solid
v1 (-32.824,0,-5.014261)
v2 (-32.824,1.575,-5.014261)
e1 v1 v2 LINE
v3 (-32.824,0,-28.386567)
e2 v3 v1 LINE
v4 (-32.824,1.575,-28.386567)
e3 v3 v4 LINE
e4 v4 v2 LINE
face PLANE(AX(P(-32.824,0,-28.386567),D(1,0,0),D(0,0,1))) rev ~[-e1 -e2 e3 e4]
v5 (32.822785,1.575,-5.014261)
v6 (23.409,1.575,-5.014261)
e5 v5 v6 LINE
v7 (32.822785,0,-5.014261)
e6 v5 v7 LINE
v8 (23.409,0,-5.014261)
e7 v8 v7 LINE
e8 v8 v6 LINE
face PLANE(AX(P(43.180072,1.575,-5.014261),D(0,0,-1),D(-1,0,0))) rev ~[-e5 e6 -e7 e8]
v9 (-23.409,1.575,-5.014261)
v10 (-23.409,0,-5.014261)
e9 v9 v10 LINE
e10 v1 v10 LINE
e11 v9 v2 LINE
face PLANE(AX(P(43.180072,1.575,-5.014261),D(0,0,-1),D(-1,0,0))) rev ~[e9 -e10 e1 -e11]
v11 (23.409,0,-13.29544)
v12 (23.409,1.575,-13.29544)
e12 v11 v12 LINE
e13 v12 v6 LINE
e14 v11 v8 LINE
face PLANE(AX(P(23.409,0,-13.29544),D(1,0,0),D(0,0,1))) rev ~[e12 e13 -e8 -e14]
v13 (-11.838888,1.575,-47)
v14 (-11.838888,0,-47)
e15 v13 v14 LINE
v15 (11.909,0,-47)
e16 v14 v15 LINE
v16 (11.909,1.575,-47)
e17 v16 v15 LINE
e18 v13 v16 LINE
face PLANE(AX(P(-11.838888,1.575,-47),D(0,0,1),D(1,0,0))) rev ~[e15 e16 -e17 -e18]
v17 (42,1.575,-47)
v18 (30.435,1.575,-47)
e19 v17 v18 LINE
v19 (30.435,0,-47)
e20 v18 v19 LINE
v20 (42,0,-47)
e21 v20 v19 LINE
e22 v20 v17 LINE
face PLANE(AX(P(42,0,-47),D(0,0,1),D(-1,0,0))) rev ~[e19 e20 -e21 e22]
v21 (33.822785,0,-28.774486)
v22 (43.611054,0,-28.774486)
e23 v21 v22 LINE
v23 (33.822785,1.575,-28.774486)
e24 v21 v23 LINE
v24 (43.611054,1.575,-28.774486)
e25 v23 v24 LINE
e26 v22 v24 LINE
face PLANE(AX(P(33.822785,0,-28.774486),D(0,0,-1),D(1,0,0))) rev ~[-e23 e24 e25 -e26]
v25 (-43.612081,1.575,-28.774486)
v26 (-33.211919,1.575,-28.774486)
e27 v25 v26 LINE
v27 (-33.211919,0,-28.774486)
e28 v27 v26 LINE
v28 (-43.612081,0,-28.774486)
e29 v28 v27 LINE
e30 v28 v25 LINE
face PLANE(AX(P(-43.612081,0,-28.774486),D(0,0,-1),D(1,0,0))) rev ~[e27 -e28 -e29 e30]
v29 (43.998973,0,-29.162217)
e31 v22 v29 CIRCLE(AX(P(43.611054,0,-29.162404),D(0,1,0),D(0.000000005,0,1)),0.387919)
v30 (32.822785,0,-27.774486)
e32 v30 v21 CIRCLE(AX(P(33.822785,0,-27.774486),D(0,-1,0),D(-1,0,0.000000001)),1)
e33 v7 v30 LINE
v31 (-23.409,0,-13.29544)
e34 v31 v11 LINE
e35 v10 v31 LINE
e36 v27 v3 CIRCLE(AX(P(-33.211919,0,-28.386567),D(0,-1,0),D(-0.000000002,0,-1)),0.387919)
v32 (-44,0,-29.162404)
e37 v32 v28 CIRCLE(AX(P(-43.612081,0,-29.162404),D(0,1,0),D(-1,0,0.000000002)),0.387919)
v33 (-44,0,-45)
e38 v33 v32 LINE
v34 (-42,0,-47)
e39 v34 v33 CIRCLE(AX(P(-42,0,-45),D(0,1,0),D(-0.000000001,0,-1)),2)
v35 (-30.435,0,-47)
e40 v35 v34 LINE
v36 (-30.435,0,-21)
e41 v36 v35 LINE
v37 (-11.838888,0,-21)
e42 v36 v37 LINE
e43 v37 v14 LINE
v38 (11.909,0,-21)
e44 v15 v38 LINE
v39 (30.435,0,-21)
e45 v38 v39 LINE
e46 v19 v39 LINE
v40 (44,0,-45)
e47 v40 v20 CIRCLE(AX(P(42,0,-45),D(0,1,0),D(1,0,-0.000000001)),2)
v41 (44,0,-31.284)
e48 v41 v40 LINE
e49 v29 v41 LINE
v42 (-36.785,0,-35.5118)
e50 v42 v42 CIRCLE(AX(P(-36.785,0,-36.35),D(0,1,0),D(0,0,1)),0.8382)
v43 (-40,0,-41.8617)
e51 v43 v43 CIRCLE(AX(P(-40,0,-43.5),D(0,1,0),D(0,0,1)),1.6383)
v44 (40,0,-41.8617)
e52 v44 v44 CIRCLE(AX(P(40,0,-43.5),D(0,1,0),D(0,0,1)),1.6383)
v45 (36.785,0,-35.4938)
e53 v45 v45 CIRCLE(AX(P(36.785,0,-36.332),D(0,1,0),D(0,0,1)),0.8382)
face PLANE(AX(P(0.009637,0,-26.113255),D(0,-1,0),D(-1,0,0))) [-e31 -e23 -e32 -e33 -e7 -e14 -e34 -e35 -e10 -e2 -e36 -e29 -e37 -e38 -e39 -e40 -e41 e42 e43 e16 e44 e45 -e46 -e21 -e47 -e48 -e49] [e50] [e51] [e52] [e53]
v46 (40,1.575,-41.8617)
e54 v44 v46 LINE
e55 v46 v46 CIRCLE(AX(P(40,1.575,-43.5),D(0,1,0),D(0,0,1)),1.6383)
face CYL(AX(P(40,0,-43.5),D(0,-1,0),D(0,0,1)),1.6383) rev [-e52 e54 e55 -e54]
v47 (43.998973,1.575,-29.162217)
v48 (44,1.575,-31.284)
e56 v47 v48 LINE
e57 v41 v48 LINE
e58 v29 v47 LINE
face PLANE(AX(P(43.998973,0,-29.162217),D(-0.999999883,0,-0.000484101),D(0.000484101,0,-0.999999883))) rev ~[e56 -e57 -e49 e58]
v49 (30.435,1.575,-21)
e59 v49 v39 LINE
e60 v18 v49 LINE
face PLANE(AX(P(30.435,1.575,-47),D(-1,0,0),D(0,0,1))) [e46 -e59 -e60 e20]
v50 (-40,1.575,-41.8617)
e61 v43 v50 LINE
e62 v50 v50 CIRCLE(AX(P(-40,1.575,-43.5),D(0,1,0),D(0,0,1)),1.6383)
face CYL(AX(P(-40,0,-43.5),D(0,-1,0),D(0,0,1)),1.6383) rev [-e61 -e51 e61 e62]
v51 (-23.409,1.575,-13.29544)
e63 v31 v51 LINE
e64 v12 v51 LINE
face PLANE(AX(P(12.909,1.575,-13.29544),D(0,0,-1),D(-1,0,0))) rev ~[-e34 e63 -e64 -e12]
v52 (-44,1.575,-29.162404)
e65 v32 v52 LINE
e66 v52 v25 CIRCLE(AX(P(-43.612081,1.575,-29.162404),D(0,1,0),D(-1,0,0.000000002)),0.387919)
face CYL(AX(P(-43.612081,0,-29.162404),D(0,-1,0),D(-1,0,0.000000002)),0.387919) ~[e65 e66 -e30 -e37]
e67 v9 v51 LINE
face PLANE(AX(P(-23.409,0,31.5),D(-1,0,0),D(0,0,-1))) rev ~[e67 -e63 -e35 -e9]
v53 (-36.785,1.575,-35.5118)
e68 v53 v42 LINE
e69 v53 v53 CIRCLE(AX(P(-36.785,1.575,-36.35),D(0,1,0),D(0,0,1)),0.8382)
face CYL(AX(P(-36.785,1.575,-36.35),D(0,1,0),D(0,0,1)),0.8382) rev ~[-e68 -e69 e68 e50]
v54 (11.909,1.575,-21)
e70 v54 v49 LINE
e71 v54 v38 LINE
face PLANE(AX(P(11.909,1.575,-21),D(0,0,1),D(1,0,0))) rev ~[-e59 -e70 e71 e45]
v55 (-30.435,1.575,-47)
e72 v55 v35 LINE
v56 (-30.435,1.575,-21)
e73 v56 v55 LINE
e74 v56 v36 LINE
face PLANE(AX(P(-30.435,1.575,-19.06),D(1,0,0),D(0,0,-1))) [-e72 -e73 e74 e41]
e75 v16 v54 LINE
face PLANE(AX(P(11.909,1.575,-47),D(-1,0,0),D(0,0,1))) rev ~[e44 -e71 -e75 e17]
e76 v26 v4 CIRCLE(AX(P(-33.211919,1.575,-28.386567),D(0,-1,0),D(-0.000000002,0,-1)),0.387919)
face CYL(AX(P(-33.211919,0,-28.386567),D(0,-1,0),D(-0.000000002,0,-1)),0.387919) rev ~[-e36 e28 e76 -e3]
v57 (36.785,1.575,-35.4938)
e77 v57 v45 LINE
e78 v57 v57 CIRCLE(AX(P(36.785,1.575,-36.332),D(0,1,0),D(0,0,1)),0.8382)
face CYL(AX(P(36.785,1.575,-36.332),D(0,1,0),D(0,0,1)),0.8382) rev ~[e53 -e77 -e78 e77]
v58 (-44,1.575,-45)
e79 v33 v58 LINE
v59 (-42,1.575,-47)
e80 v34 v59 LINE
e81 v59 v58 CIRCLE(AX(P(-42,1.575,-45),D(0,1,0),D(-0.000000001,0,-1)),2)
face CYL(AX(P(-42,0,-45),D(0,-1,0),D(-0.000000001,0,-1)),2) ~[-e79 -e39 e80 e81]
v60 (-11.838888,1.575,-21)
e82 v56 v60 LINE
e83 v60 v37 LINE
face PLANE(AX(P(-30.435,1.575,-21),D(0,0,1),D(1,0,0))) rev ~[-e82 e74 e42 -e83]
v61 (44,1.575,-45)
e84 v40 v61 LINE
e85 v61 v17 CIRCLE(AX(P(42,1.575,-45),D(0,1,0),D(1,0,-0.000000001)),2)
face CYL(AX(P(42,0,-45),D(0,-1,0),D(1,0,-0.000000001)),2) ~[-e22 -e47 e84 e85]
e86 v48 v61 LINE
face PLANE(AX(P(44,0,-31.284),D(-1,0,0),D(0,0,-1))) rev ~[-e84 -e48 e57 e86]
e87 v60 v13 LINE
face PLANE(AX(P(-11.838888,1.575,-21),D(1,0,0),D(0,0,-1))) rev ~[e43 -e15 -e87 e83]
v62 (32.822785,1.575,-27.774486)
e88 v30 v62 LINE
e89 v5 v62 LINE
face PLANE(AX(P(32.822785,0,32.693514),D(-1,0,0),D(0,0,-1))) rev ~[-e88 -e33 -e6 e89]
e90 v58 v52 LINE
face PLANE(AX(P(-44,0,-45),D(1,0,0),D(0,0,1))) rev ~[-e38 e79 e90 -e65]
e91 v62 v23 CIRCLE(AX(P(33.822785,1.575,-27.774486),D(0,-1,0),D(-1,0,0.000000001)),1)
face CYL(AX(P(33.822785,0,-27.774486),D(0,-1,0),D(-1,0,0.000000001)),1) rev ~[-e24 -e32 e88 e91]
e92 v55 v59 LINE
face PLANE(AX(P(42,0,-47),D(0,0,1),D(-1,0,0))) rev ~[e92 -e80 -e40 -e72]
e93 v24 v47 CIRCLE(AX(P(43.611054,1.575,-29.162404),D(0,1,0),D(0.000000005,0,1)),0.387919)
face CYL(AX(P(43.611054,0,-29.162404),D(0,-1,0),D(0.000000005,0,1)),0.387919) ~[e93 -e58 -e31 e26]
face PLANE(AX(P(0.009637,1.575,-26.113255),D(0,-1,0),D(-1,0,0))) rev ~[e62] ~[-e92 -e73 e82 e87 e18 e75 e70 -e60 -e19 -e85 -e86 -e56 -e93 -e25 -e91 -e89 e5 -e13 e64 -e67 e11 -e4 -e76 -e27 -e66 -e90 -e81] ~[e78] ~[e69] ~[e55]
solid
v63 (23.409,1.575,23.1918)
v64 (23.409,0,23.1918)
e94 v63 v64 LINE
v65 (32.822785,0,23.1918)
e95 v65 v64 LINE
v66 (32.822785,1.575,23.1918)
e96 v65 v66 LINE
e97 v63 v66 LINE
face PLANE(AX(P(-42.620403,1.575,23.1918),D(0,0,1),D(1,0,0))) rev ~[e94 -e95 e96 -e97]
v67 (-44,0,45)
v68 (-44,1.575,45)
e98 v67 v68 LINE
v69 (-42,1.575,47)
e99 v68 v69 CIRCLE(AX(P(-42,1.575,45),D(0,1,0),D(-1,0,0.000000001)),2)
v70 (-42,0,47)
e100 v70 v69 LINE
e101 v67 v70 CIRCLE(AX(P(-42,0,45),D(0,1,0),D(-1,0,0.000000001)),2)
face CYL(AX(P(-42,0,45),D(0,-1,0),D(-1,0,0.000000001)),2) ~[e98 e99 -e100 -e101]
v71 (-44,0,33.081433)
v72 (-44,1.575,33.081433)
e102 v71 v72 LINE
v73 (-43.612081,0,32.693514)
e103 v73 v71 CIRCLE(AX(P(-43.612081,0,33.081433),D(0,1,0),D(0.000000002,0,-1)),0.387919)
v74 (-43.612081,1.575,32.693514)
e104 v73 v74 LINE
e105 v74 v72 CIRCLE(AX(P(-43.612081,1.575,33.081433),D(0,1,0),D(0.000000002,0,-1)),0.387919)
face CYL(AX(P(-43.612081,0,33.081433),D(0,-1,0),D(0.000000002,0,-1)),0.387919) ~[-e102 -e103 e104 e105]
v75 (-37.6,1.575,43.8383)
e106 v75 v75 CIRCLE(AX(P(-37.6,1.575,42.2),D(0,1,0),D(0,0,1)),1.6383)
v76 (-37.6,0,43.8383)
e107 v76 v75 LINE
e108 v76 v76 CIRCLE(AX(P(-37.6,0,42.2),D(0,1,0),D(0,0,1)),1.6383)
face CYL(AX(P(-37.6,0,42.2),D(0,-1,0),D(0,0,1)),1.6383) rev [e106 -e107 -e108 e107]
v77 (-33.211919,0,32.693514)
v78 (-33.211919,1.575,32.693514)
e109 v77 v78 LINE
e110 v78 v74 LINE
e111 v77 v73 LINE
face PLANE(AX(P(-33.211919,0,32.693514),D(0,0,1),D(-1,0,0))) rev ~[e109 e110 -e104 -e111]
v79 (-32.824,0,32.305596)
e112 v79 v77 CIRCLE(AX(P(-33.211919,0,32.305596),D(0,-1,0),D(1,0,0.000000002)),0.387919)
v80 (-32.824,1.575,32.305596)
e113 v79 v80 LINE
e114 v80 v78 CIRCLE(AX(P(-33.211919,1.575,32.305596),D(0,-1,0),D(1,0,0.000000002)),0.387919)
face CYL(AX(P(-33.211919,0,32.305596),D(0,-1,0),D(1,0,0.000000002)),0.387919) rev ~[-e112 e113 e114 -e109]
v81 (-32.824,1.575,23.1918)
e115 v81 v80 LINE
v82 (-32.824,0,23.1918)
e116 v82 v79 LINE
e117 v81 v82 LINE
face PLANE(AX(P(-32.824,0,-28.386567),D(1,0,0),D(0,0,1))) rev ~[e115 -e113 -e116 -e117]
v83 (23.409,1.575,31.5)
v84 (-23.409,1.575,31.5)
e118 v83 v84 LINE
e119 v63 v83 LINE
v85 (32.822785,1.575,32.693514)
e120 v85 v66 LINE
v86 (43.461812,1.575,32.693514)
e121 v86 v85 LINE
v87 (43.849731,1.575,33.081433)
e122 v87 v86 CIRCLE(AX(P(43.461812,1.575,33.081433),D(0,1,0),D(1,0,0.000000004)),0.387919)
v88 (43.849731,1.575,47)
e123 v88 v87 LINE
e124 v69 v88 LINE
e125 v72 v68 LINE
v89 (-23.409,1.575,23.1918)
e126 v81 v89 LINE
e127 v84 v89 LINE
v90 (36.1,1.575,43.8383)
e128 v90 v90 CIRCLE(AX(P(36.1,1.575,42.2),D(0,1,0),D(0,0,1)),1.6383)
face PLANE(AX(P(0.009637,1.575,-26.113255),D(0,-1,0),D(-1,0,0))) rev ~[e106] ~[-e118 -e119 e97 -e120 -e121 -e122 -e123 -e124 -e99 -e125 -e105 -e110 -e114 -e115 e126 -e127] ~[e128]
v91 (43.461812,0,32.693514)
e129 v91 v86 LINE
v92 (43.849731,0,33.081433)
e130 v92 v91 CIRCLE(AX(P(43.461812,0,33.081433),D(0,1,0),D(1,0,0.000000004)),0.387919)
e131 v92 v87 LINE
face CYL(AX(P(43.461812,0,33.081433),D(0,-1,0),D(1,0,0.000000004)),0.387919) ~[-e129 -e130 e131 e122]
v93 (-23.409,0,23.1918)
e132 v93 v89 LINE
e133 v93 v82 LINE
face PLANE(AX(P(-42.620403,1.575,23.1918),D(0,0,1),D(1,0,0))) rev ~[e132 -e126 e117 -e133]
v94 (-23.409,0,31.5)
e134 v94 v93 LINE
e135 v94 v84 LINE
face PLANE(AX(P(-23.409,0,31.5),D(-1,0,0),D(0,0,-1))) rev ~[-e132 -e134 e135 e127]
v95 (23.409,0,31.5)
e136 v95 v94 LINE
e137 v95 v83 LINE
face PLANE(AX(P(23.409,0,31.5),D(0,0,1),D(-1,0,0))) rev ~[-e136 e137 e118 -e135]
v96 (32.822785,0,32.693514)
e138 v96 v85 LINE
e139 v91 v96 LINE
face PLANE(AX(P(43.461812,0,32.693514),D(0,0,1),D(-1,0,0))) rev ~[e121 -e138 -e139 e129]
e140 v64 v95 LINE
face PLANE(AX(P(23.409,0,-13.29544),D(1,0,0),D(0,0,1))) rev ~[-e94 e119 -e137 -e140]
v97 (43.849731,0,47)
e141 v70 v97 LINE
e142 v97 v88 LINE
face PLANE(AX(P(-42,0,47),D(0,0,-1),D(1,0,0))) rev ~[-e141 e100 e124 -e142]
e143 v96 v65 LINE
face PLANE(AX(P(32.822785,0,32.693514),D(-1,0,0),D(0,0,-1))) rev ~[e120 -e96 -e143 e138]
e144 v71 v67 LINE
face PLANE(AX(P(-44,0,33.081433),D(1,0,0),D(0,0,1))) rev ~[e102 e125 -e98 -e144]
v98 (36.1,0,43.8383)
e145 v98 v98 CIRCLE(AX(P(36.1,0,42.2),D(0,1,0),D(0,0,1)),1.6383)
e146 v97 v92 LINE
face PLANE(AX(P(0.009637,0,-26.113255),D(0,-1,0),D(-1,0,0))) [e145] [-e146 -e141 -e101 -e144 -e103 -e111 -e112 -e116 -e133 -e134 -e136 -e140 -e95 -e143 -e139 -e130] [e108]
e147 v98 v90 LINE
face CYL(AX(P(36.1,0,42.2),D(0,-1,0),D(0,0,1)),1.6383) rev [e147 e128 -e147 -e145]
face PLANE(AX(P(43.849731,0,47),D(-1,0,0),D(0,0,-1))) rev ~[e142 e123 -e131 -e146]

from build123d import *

# Parameters (mm, degrees)
SKETCH1_R           = 1.6383
BOSS_EXTRUDE1_DEPTH = 1.575
CUT_EXTRUDE1_DEPTH  = 2.54
SKETCH15_R          = 0.8382
CUT_EXTRUDE5_DEPTH  = 1.575
BOSS_EXTRUDE2_DEPTH = 1.575
CUT_EXTRUDE7_DEPTH  = 65.400936523


with BuildPart() as part:
    # Sketch1 → Boss-Extrude1 (new body)
    with BuildSketch(Plane(origin=(0, 0, 0), x_dir=(1, 0, 0), z_dir=(0, 1, 0))):
        with BuildLine():
            Line((-44, 45), (-44, 29.162404323))
            ThreePointArc((-44, 29.162404323), (-43.886381258, 28.888104416), (-43.612081351, 28.774485674))
            Line((-43.612081351, 28.774485674), (-33.211918649, 28.774485674))
            ThreePointArc((-33.211918649, 28.774485674), (-32.937618742, 28.660866933), (-32.824, 28.386567026))
            Line((-32.824, 28.386567026), (-32.824, -32.305595677))
            ThreePointArc((-32.824, -32.305595677), (-32.937618742, -32.579895584), (-33.211918649, -32.693514326))
            Line((-33.211918649, -32.693514326), (-36.100000052, -32.693514326))
            Line((-36.100000052, -32.693514326), (-43.612081299, -32.693514326))
            ThreePointArc((-43.612081299, -32.693514326), (-43.886381206, -32.807133067), (-43.999999948, -33.081432974))
            Line((-43.999999948, -33.081432974), (-43.999999948, -38.977))
            Line((-43.999999948, -38.977), (-43.999999948, -45))
            ThreePointArc((-43.999999948, -45), (-43.41421351, -46.414213562), (-41.999999948, -47))
            Line((-41.999999948, -47), (42.705916546, -47))
            Line((42.705916546, -47), (43.849731117, -47))
            Line((43.849731117, -47), (43.849731117, -38.27))
            Line((43.849731117, -38.27), (43.849731117, -33.081432974))
            ThreePointArc((43.849731117, -33.081432974), (43.736112376, -32.807133067), (43.461812469, -32.693514326))
            Line((43.461812469, -32.693514326), (36.098785193, -32.693514326))
            Line((36.098785193, -32.693514326), (33.824, -32.693514326))
            Line((33.824, -32.693514326), (32.822785141, -32.693514326))
            Line((32.822785141, -32.693514326), (32.822785141, -30.469351623))
            Line((32.822785141, -30.469351623), (32.822785141, 27.774485674))
            ThreePointArc((32.822785141, 27.774485674), (33.11567836, 28.481592456), (33.822785141, 28.774485674))
            Line((33.822785141, 28.774485674), (43.611054239, 28.774485674))
            ThreePointArc((43.611054239, 28.774485674), (43.885287743, 28.88803803), (43.998972842, 29.162216531))
            Line((43.998972842, 29.162216531), (44, 31.284))
            Line((44, 31.284), (44, 45))
            ThreePointArc((44, 45), (43.414213562, 46.414213562), (42, 47))
            Line((42, 47), (-42, 47))
            ThreePointArc((-42, 47), (-43.414213562, 46.414213562), (-44, 45))
        make_face()
        with Locations(Location((40, 43.5, 0), (0, 0, 270))):
            Circle(SKETCH1_R, mode=Mode.SUBTRACT)
        with Locations(Location((-40, 43.5, 0), (0, 0, 270))):
            Circle(SKETCH1_R, mode=Mode.SUBTRACT)
        with Locations(Location((-37.599999948, -42.2, 0), (0, 0, 270))):
            Circle(SKETCH1_R, mode=Mode.SUBTRACT)
        with Locations(Location((36.100000052, -42.2, 0), (0, 0, 270))):
            Circle(SKETCH1_R, mode=Mode.SUBTRACT)
        Polygon((23.409, -31.5), (-23.409, -31.5), (-23.409, 13.29544), (-12.909, 13.29544), (-12.909, 25.99544), (12.909, 25.99544), (12.909, 13.29544), (23.409, 13.29544), align=None, mode=Mode.SUBTRACT)
    extrude(amount=BOSS_EXTRUDE1_DEPTH)

    # Sketch2 → Cut-Extrude1 (cut)
    with BuildSketch(Plane(origin=(0, 1.575, 0), x_dir=(1, 0, 0), z_dir=(0, 1, 0))):
        Polygon((-12.909, 19.06), (-30.435, 19.06), (-30.435, 47), (30.435, 47), (30.435, 19.06), (12.909, 19.06), (12.909, 25.99544), (-12.909, 25.99544), align=None)
    extrude(amount=-CUT_EXTRUDE1_DEPTH, mode=Mode.SUBTRACT)

    # Sketch15 → Cut-Extrude5 (cut)
    with BuildSketch(Plane(origin=(0, 1.575, 0), x_dir=(1, 0, 0), z_dir=(0, 1, 0))):
        with Locations(Location((-36.785, 36.35, 0), (0, 0, 270))):
            Circle(SKETCH15_R)
        with Locations(Location((36.785, 36.332, 0), (0, 0, 270))):
            Circle(SKETCH15_R)
    extrude(amount=-CUT_EXTRUDE5_DEPTH, mode=Mode.SUBTRACT)

    # Sketch16 → Boss-Extrude2 (add)
    with BuildSketch(Plane(origin=(0, 1.575, 0), x_dir=(1, 0, 0), z_dir=(0, 1, 0))):
        Polygon((12.909, 19.06), (12.909, 13.29544), (-12.909, 13.29544), (-12.909, 19.06), (-30.435, 19.06), (-30.435, 21), (-11.838888217, 21), (-11.838888217, 47), (11.909, 47), (11.909, 21), (30.435, 21), (30.435, 19.06), align=None)
    extrude(amount=-BOSS_EXTRUDE2_DEPTH)

    # Sketch17 → Cut-Extrude7 (cut, through all)
    with BuildSketch(Plane(origin=(0, 1.575, 0), x_dir=(1, 0, 0), z_dir=(0, 1, 0))):
        Polygon((-42.620402532, -10.524407413), (-42.620402532, -23.19180025), (43.180071614, -23.19180025), (43.180071614, -10.524407413), (43.180071614, 5.014261133), (-42.620402532, 5.014261133), align=None)
    extrude(amount=-CUT_EXTRUDE7_DEPTH, mode=Mode.SUBTRACT)


with BuildPart() as cut_extrude7_piece_1:
    # of the separate pieces the step leaves, piece 1, a body of its own (cut_extrude7_pieces)
    add(part.part.solids().sort_by_distance((-44, 0, -45))[0])


with BuildPart() as cut_extrude7_piece_2:
    # of the separate pieces the step leaves, piece 2, a body of its own (cut_extrude7_pieces)
    add(part.part.solids().sort_by_distance((-32.824, 0, 23.19180025))[0])


solid = Compound([cut_extrude7_piece_1.part, cut_extrude7_piece_2.part])
